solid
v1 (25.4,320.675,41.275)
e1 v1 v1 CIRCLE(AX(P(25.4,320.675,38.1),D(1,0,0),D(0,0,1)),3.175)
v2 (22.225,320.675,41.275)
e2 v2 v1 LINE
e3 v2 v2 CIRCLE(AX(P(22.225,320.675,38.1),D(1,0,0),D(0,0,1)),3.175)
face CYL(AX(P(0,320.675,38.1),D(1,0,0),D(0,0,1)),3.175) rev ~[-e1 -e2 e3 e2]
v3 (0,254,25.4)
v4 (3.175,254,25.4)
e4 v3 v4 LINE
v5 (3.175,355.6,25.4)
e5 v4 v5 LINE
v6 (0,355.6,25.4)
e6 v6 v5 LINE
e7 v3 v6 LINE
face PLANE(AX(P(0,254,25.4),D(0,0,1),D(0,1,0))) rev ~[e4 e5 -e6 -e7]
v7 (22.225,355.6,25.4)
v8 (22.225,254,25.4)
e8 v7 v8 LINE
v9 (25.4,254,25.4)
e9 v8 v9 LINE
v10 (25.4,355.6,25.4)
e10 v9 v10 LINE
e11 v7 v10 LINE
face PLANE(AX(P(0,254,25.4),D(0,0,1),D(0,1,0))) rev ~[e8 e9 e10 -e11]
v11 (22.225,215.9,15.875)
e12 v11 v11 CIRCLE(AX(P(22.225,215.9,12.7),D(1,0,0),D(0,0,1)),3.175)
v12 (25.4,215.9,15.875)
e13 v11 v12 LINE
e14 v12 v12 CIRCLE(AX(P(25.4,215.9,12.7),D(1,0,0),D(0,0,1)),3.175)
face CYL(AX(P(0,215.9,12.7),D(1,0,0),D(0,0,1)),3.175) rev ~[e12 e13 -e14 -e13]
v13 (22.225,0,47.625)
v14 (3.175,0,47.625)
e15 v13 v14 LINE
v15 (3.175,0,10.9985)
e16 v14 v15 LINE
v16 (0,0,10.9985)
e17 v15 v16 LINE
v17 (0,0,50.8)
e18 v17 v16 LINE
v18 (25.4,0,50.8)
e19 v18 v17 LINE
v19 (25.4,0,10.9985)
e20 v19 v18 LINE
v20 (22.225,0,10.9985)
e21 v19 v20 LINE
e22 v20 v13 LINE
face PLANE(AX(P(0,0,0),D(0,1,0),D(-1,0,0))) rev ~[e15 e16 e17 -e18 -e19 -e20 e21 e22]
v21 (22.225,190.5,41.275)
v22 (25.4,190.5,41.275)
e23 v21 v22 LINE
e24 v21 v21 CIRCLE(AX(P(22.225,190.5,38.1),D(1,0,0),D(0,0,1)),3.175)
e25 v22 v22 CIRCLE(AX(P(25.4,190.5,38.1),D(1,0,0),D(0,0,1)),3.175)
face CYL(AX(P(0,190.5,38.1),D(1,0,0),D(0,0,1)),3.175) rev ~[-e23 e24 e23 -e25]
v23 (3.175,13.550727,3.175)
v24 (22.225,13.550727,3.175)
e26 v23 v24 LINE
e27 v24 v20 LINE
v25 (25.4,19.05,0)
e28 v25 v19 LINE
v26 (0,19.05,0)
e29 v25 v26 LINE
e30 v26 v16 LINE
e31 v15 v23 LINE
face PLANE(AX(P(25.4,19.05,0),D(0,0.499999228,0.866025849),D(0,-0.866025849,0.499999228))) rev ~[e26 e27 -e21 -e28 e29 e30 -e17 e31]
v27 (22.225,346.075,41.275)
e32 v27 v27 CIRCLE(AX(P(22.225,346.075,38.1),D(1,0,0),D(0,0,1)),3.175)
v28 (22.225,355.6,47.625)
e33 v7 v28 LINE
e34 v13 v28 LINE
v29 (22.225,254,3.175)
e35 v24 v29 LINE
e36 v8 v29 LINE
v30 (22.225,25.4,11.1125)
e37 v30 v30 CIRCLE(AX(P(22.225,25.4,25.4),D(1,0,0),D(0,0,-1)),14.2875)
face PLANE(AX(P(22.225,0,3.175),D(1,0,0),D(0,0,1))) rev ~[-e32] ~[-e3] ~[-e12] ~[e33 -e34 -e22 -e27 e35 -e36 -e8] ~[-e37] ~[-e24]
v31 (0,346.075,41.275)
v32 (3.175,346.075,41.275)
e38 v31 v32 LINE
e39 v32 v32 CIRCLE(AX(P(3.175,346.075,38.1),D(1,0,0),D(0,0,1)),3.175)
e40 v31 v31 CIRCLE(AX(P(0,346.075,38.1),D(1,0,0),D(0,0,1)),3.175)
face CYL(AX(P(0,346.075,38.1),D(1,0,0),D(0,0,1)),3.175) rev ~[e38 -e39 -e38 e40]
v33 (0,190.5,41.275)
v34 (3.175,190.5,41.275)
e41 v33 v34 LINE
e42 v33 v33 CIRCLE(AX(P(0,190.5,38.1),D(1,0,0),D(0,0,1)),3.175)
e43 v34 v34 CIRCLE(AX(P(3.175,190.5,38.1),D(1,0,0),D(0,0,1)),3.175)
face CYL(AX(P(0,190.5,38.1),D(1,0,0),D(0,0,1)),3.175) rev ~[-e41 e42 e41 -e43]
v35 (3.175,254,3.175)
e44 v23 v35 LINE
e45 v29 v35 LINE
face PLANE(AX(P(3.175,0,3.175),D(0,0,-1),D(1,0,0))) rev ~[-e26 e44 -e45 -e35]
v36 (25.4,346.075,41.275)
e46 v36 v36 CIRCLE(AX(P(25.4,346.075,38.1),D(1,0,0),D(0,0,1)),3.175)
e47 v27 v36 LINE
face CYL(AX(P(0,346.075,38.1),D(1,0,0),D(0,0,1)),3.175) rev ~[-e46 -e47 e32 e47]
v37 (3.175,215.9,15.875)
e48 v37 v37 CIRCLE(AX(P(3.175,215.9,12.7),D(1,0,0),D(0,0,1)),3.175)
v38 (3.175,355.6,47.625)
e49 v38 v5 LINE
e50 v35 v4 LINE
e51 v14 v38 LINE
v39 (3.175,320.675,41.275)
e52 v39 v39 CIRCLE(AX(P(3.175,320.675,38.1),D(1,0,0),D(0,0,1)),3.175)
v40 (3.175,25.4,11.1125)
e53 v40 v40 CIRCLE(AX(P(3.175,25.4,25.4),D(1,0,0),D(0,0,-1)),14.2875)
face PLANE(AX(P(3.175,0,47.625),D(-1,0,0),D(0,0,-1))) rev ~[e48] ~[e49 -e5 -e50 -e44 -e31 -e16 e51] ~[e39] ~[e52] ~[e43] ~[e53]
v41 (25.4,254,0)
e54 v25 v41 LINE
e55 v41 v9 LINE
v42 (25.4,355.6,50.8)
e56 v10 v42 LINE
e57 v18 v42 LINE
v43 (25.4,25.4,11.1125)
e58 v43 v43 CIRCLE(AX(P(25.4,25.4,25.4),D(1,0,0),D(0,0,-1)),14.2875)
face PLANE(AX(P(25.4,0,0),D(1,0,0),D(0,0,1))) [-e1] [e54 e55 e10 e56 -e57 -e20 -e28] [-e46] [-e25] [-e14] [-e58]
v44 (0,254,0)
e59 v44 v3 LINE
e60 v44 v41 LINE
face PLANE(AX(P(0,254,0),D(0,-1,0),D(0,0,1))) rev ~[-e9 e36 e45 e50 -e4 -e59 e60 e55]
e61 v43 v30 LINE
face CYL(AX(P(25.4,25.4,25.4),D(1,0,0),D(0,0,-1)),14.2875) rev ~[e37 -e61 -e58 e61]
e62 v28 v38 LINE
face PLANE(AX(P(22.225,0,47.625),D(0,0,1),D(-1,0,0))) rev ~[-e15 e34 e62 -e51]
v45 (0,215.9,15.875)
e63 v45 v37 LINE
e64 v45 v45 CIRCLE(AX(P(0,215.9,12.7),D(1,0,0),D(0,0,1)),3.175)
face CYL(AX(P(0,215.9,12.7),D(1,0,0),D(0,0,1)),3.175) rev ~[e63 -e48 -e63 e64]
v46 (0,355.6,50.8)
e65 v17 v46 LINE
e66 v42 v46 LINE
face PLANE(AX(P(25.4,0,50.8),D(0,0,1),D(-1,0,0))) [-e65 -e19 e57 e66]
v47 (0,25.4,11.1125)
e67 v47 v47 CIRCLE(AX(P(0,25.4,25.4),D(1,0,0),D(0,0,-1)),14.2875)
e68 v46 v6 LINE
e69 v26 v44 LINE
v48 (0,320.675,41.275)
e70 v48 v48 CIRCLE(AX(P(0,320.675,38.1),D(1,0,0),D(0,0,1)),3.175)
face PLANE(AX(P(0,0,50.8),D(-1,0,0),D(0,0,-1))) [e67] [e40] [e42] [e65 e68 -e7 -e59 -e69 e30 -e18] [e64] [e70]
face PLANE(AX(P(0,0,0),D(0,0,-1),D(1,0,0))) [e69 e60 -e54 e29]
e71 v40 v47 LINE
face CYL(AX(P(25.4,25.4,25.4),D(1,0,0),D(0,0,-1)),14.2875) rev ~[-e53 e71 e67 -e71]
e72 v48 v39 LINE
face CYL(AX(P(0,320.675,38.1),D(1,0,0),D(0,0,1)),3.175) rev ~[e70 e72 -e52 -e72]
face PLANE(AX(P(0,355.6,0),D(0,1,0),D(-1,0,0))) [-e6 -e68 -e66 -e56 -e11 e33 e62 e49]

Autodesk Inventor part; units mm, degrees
ref_plane "YZ Plane" through (0, 0, 0) normal (1, 0, 0) x (0, 1, 0)
ref_plane "XZ Plane" through (0, 0, 0) normal (0, 1, 0) x (-1, 0, 0)
ref_plane "XY Plane" through (0, 0, 0) normal (0, 0, 1) x (1, 0, 0)
sketch "Sketch1" plane through (0, 0, 0) normal (0, 1, 0) x (-1, 0, 0)
  line L0 (0, 0) -> (-25.4, 0)
  line L1 (-25.4, 0) -> (-25.4, 50.8)
  line L2 (-25.4, 50.8) -> (0, 50.8)
  line L3 (0, 50.8) -> (0, 0)
  line L4 (-3.175, 3.175) -> (-22.225, 3.175)
  line L5 (-22.225, 3.175) -> (-22.225, 47.625)
  line L6 (-22.225, 47.625) -> (-3.175, 47.625)
  line L7 (-3.175, 47.625) -> (-3.175, 3.175)
  dimension "d0" = 25.4
  dimension "d1" = 50.8
  dimension "d2" = 3.175
extrude "Extrusion1" add sketch "Sketch1" along normal blind 355.6
sketch "Sketch2" plane through (25.4, 0, 50.8) normal (1, 0, 0) x (0, 0, -1)
  circle A0 centre (25.4, 25.4) radius 14.2875
  line L0 (50.8, 0) -> (50.8, 355.6) projected
  line L1 (50.8, 0) -> (0, 0) projected
  dimension "d5" = 28.575
  dimension "d6" = 25.4
  dimension "d7" = 25.4
extrude "Extrusion2" cut sketch "Sketch2" against normal blind 25.4
sketch "Sketch3" plane through (0, 0, 0) normal (-1, 0, 0) x (0, 0, 1)
  line L0 (50.8, 0) -> (50.8, 355.6) projected
  line L1 (0, 355.6) -> (50.8, 355.6) projected
  line L2 (0, 0) -> (0, 355.6) projected
  line L3 (0, 0) -> (50.8, 0) projected
  point P0 (38.1, 346.075)
  point P1 (38.1, 190.5)
  point P2 (38.1, 320.675)
  point P3 (12.7, 215.9)
  dimension "d10" = 12.7
  dimension "d11" = 9.525
  dimension "d19" = 25.4
  dimension "d20" = 38.1
  dimension "d21" = 38.1
  dimension "d23" = 190.5
  dimension "d26" = 215.9
  dimension "d27" = 12.7
hole "Hole1" at (0, 346.075, 38.1) at (0, 320.675, 38.1) at (0, 190.5, 38.1) at (0, 215.9, 12.7) direction (1, 0, 0) diameter 6.35 end through all
sketch "Sketch4" plane through (0, 0, 0) normal (-1, 0, 0) x (0, 0, 1)
  line L0 (0, 0) -> (0, 355.6) projected
  line L1 (25.4, 355.6) -> (0, 355.6)
  line L2 (0, 355.6) -> (0, 254)
  line L3 (0, 254) -> (25.4, 254)
  line L4 (25.4, 254) -> (25.4, 355.6)
  line L5 (0, 355.6) -> (50.8, 355.6) projected
  line L6 (50.8, 0) -> (50.8, 355.6) projected
  line L7 (50.8, 0) -> (0, 0) projected
  dimension "d28" = 25.4
  dimension "d29" = 254
extrude "Extrusion3" cut sketch "Sketch4" against normal blind 25.4 contours L0 L1 L4 L3
sketch "Sketch6" plane through (25.4, 0, 50.8) normal (1, 0, 0) x (0, 0, -1)
  line L0 (50.8, 0) -> (50.8, 254) projected
  line L1 (50.8, 19.05) -> (39.8015, 0)
  line L2 (3.175, 0) -> (47.625, 0) projected
  line L3 (50.8, 0) -> (0, 0) projected
  line L4 (47.625, 0) -> (50.8, 0)
  dimension "d52" = 30
  dimension "d53" = 9.525
extrude "Extrusion5" cut sketch "Sketch6" against normal blind 25.4
equation "\"BendRadius\" = Thickness"
equation "\"BendReliefWidth\" = Thickness"
equation "\"BendReliefDepth\" = 0.5 * Thickness"
equation "\"CornerReliefSize\" = 4 * Thickness"
equation "\"MinimumRemnant\" = 2 * Thickness"
equation "\"TransitionRadius\" = BendRadius"
equation "\"JacobiRadiusSize\" = Thickness"
equation "\"GapSize\" = Thickness"
equation "\"Thickness\" = 3.048"
properties part number "15102898-16-A-0301" material "Aluminum 6061"
